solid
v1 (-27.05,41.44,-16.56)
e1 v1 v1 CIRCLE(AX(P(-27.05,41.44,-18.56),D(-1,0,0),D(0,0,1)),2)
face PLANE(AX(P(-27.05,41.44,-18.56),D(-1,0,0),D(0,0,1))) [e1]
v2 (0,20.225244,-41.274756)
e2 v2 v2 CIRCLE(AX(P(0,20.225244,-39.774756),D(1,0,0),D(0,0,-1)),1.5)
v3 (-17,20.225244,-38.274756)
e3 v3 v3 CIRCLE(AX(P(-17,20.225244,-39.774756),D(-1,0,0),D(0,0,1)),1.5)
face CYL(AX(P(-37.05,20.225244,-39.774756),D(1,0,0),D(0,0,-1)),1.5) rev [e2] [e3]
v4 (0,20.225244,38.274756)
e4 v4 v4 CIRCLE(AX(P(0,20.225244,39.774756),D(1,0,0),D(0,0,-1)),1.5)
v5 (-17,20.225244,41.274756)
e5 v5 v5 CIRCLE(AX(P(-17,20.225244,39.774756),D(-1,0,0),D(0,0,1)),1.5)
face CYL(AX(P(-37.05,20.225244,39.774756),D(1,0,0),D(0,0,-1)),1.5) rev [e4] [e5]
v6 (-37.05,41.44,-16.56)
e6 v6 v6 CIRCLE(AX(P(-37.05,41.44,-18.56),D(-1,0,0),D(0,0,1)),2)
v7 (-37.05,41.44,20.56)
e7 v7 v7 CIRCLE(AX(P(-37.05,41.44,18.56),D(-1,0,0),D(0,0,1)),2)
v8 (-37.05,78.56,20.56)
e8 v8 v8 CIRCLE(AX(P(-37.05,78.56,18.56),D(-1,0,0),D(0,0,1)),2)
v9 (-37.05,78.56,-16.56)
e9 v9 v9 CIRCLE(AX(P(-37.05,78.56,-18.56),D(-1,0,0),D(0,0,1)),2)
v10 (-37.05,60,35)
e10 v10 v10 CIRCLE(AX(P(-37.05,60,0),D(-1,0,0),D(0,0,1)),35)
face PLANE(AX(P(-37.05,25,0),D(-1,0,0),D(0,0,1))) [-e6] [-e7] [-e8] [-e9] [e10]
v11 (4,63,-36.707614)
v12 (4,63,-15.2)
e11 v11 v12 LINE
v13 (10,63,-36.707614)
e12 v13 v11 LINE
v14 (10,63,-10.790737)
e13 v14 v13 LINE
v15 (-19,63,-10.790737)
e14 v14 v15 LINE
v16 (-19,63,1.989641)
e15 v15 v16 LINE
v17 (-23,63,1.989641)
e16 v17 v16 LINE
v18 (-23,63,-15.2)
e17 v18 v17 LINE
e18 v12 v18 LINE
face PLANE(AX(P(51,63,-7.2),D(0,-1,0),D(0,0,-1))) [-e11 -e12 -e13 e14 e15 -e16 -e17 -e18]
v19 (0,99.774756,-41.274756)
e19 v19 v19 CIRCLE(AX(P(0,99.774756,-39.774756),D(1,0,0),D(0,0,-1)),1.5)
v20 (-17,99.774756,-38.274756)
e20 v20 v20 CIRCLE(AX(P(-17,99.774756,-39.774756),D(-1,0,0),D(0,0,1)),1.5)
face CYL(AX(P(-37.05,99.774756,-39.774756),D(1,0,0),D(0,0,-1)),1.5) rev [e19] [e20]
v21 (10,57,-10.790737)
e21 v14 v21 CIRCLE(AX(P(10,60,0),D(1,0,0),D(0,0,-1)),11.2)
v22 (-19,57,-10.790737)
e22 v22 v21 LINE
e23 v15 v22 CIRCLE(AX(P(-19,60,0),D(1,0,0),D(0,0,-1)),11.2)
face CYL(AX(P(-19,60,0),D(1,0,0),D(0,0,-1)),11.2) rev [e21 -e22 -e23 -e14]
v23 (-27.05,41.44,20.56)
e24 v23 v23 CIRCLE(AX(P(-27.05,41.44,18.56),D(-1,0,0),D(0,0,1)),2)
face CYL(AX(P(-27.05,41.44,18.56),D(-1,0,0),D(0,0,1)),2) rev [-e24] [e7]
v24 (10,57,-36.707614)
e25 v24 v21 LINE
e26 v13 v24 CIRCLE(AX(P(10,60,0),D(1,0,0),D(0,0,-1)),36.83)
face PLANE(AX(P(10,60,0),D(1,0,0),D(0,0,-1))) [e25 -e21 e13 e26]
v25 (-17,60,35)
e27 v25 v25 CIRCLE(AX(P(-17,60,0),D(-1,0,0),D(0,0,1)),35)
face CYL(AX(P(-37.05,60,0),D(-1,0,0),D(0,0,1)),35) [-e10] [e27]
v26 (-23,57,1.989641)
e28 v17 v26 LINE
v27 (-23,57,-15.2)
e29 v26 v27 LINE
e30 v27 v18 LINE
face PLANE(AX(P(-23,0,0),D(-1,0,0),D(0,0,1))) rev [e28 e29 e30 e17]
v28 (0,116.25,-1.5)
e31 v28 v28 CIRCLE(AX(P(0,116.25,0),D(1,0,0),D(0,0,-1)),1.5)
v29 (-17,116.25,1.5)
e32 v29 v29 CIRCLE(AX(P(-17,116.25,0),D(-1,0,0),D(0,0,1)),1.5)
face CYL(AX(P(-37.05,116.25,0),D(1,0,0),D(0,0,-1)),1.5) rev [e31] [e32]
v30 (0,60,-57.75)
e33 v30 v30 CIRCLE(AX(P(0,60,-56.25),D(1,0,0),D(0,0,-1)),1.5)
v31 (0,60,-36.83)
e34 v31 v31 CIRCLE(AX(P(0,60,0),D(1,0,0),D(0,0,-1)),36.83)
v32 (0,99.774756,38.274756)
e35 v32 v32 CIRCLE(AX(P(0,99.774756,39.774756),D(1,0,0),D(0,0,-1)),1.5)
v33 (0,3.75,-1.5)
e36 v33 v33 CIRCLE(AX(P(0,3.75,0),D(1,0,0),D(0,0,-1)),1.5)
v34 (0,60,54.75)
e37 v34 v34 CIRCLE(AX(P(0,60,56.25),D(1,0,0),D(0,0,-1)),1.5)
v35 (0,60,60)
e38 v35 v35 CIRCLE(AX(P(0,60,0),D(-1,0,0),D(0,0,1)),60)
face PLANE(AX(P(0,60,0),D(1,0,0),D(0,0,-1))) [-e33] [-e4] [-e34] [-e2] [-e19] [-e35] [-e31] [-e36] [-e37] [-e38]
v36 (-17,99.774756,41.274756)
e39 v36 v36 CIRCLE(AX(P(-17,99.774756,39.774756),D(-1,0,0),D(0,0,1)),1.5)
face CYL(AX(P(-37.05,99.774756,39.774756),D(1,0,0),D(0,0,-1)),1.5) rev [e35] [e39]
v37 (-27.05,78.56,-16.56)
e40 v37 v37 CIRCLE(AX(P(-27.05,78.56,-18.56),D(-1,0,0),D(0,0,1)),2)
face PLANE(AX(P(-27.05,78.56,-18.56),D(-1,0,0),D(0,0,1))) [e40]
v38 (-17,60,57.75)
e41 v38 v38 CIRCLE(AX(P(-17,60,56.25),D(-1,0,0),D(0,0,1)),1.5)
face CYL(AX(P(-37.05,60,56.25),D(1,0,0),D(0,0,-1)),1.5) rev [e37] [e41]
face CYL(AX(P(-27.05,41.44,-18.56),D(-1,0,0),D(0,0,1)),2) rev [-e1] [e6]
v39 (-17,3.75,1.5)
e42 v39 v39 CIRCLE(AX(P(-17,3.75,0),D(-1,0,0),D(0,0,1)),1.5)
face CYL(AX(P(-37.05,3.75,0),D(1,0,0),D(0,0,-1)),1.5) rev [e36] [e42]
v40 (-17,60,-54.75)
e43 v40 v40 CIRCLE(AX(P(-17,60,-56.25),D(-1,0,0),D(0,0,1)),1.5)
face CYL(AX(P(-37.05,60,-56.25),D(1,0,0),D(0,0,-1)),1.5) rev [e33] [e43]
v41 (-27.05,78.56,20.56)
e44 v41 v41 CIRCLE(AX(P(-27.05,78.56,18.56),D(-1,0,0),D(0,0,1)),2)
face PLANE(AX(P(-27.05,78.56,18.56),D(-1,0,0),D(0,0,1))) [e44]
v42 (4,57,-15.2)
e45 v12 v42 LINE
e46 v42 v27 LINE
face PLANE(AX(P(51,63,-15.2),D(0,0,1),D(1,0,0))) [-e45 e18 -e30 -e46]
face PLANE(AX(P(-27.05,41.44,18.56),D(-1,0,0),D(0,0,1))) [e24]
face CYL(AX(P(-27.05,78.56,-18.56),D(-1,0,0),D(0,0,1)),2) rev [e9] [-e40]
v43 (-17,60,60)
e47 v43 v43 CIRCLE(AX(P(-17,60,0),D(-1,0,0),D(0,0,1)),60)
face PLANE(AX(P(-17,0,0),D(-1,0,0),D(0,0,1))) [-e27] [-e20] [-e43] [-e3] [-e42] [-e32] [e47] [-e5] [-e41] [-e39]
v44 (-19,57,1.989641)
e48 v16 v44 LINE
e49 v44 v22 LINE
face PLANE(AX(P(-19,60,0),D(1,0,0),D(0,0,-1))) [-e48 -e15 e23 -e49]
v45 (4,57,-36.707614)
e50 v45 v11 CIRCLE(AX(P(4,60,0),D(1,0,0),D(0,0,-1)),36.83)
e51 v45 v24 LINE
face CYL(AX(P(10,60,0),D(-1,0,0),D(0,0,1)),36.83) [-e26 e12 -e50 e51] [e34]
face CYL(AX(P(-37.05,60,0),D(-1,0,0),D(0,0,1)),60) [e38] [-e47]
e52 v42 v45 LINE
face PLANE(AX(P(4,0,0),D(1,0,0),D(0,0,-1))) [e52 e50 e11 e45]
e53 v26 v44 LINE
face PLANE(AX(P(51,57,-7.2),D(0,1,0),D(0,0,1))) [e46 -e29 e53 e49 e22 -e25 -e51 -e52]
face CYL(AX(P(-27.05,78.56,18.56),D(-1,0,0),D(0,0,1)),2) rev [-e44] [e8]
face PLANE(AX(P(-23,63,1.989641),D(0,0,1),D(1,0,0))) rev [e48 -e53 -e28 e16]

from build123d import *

# Parameters (mm, degrees)
UPPER_CIRLCE_2_R   = 36.83
UPPER_CIRLCE_DEPTH = 10
SKETCH2_R          = 1.5
CUT_EXTRUDE1_DEPTH = 140.185855962
CIRPATTERN1_COUNT  = 8
PIN_SKETCH_R       = 2
CUT_EXTRUDE2_DEPTH = 10
SKETCH3_R          = 11.2
CUT_EXTRUDE3_DEPTH = 29
SKETCH4_W          = 8
SKETCH4_H          = 6
CUT_EXTRUDE4_DEPTH = 70
SKETCH6_W          = 22.346517692
SKETCH6_H          = 6
CUT_EXTRUDE5_DEPTH = 6
SKETCH7_W          = 17.189641189
SKETCH7_H          = 6
CUT_EXTRUDE6_DEPTH = 4


with BuildPart() as part:
    # Sketch1 → Revolve1 (revolve)
    with BuildSketch(Plane.XY, mode=Mode.PRIVATE) as revolve1_sk:
        Polygon((0, 0), (-17, 0), (-17, 25), (-37.05, 25), (-37.05, 60), (0, 60), align=None)
    revolve(revolve1_sk.sketch.rotate(Axis((-37.05, 60, 0), (1, 0, 0)), 270), axis=Axis((-37.05, 60, 0), (1, 0, 0)))

    # upper cirlce 2 → upper cirlce (add)
    with BuildSketch(Plane(origin=(0, 0, 0), x_dir=(0, 0, -1), z_dir=(1, 0, 0))):
        with Locations((0, 60)):
            Circle(UPPER_CIRLCE_2_R)
    extrude(amount=UPPER_CIRLCE_DEPTH)

    # Sketch2 → Cut-Extrude1 (cut, symmetric)
    with BuildSketch(Plane(origin=(0, 0, 0), x_dir=(0, 0, -1), z_dir=(1, 0, 0))):
        with Locations((0, 116.25)):
            Circle(SKETCH2_R)
    cut_extrude1 = extrude(amount=CUT_EXTRUDE1_DEPTH, both=True, mode=Mode.SUBTRACT)

    # CirPattern1: Cut-Extrude1 ×8 about axis
    cirpattern1_axis = Axis((0, 60, 0), (1, 0, 0))
    for i in range(1, CIRPATTERN1_COUNT):
        add(cut_extrude1.rotate(cirpattern1_axis, i * 360 / CIRPATTERN1_COUNT), mode=Mode.SUBTRACT)

    # pin sketch → Cut-Extrude2 (cut)
    with BuildSketch(Plane.ZY.offset(37.05)):
        with Locations((-18.56, 78.56)):
            Circle(PIN_SKETCH_R)
        with Locations((18.56, 78.56)):
            Circle(PIN_SKETCH_R)
        with Locations((18.56, 41.44)):
            Circle(PIN_SKETCH_R)
        with Locations((-18.56, 41.44)):
            Circle(PIN_SKETCH_R)
    extrude(amount=-CUT_EXTRUDE2_DEPTH, mode=Mode.SUBTRACT)

    # Sketch3 → Cut-Extrude3 (cut)
    with BuildSketch(Plane(origin=(10, 0, 0), x_dir=(0, 0, -1), z_dir=(1, 0, 0))):
        with Locations((0, 60)):
            Circle(SKETCH3_R)
    extrude(amount=-CUT_EXTRUDE3_DEPTH, mode=Mode.SUBTRACT)

    # Sketch4 → Cut-Extrude4 (cut)
    with BuildSketch(Plane(origin=(-19, 0, 0), x_dir=(0, 0, -1), z_dir=(1, 0, 0))):
        with Locations((11.2, 60)):
            Rectangle(SKETCH4_W, SKETCH4_H)
    extrude(amount=CUT_EXTRUDE4_DEPTH, mode=Mode.SUBTRACT)

    # Sketch6 → Cut-Extrude5 (cut)
    with BuildSketch(Plane(origin=(10, 0, 0), x_dir=(0, 0, -1), z_dir=(1, 0, 0))):
        with Locations((26.373258846, 60)):
            Rectangle(SKETCH6_W, SKETCH6_H)
    extrude(amount=-CUT_EXTRUDE5_DEPTH, mode=Mode.SUBTRACT)

    # Sketch7 → Cut-Extrude6 (cut)
    with BuildSketch(Plane(origin=(-19, 0, 0), x_dir=(0, 0, -1), z_dir=(1, 0, 0))):
        with Locations((6.605179406, 60)):
            Rectangle(SKETCH7_W, SKETCH7_H)
    extrude(amount=-CUT_EXTRUDE6_DEPTH, mode=Mode.SUBTRACT)


solid = part.part
